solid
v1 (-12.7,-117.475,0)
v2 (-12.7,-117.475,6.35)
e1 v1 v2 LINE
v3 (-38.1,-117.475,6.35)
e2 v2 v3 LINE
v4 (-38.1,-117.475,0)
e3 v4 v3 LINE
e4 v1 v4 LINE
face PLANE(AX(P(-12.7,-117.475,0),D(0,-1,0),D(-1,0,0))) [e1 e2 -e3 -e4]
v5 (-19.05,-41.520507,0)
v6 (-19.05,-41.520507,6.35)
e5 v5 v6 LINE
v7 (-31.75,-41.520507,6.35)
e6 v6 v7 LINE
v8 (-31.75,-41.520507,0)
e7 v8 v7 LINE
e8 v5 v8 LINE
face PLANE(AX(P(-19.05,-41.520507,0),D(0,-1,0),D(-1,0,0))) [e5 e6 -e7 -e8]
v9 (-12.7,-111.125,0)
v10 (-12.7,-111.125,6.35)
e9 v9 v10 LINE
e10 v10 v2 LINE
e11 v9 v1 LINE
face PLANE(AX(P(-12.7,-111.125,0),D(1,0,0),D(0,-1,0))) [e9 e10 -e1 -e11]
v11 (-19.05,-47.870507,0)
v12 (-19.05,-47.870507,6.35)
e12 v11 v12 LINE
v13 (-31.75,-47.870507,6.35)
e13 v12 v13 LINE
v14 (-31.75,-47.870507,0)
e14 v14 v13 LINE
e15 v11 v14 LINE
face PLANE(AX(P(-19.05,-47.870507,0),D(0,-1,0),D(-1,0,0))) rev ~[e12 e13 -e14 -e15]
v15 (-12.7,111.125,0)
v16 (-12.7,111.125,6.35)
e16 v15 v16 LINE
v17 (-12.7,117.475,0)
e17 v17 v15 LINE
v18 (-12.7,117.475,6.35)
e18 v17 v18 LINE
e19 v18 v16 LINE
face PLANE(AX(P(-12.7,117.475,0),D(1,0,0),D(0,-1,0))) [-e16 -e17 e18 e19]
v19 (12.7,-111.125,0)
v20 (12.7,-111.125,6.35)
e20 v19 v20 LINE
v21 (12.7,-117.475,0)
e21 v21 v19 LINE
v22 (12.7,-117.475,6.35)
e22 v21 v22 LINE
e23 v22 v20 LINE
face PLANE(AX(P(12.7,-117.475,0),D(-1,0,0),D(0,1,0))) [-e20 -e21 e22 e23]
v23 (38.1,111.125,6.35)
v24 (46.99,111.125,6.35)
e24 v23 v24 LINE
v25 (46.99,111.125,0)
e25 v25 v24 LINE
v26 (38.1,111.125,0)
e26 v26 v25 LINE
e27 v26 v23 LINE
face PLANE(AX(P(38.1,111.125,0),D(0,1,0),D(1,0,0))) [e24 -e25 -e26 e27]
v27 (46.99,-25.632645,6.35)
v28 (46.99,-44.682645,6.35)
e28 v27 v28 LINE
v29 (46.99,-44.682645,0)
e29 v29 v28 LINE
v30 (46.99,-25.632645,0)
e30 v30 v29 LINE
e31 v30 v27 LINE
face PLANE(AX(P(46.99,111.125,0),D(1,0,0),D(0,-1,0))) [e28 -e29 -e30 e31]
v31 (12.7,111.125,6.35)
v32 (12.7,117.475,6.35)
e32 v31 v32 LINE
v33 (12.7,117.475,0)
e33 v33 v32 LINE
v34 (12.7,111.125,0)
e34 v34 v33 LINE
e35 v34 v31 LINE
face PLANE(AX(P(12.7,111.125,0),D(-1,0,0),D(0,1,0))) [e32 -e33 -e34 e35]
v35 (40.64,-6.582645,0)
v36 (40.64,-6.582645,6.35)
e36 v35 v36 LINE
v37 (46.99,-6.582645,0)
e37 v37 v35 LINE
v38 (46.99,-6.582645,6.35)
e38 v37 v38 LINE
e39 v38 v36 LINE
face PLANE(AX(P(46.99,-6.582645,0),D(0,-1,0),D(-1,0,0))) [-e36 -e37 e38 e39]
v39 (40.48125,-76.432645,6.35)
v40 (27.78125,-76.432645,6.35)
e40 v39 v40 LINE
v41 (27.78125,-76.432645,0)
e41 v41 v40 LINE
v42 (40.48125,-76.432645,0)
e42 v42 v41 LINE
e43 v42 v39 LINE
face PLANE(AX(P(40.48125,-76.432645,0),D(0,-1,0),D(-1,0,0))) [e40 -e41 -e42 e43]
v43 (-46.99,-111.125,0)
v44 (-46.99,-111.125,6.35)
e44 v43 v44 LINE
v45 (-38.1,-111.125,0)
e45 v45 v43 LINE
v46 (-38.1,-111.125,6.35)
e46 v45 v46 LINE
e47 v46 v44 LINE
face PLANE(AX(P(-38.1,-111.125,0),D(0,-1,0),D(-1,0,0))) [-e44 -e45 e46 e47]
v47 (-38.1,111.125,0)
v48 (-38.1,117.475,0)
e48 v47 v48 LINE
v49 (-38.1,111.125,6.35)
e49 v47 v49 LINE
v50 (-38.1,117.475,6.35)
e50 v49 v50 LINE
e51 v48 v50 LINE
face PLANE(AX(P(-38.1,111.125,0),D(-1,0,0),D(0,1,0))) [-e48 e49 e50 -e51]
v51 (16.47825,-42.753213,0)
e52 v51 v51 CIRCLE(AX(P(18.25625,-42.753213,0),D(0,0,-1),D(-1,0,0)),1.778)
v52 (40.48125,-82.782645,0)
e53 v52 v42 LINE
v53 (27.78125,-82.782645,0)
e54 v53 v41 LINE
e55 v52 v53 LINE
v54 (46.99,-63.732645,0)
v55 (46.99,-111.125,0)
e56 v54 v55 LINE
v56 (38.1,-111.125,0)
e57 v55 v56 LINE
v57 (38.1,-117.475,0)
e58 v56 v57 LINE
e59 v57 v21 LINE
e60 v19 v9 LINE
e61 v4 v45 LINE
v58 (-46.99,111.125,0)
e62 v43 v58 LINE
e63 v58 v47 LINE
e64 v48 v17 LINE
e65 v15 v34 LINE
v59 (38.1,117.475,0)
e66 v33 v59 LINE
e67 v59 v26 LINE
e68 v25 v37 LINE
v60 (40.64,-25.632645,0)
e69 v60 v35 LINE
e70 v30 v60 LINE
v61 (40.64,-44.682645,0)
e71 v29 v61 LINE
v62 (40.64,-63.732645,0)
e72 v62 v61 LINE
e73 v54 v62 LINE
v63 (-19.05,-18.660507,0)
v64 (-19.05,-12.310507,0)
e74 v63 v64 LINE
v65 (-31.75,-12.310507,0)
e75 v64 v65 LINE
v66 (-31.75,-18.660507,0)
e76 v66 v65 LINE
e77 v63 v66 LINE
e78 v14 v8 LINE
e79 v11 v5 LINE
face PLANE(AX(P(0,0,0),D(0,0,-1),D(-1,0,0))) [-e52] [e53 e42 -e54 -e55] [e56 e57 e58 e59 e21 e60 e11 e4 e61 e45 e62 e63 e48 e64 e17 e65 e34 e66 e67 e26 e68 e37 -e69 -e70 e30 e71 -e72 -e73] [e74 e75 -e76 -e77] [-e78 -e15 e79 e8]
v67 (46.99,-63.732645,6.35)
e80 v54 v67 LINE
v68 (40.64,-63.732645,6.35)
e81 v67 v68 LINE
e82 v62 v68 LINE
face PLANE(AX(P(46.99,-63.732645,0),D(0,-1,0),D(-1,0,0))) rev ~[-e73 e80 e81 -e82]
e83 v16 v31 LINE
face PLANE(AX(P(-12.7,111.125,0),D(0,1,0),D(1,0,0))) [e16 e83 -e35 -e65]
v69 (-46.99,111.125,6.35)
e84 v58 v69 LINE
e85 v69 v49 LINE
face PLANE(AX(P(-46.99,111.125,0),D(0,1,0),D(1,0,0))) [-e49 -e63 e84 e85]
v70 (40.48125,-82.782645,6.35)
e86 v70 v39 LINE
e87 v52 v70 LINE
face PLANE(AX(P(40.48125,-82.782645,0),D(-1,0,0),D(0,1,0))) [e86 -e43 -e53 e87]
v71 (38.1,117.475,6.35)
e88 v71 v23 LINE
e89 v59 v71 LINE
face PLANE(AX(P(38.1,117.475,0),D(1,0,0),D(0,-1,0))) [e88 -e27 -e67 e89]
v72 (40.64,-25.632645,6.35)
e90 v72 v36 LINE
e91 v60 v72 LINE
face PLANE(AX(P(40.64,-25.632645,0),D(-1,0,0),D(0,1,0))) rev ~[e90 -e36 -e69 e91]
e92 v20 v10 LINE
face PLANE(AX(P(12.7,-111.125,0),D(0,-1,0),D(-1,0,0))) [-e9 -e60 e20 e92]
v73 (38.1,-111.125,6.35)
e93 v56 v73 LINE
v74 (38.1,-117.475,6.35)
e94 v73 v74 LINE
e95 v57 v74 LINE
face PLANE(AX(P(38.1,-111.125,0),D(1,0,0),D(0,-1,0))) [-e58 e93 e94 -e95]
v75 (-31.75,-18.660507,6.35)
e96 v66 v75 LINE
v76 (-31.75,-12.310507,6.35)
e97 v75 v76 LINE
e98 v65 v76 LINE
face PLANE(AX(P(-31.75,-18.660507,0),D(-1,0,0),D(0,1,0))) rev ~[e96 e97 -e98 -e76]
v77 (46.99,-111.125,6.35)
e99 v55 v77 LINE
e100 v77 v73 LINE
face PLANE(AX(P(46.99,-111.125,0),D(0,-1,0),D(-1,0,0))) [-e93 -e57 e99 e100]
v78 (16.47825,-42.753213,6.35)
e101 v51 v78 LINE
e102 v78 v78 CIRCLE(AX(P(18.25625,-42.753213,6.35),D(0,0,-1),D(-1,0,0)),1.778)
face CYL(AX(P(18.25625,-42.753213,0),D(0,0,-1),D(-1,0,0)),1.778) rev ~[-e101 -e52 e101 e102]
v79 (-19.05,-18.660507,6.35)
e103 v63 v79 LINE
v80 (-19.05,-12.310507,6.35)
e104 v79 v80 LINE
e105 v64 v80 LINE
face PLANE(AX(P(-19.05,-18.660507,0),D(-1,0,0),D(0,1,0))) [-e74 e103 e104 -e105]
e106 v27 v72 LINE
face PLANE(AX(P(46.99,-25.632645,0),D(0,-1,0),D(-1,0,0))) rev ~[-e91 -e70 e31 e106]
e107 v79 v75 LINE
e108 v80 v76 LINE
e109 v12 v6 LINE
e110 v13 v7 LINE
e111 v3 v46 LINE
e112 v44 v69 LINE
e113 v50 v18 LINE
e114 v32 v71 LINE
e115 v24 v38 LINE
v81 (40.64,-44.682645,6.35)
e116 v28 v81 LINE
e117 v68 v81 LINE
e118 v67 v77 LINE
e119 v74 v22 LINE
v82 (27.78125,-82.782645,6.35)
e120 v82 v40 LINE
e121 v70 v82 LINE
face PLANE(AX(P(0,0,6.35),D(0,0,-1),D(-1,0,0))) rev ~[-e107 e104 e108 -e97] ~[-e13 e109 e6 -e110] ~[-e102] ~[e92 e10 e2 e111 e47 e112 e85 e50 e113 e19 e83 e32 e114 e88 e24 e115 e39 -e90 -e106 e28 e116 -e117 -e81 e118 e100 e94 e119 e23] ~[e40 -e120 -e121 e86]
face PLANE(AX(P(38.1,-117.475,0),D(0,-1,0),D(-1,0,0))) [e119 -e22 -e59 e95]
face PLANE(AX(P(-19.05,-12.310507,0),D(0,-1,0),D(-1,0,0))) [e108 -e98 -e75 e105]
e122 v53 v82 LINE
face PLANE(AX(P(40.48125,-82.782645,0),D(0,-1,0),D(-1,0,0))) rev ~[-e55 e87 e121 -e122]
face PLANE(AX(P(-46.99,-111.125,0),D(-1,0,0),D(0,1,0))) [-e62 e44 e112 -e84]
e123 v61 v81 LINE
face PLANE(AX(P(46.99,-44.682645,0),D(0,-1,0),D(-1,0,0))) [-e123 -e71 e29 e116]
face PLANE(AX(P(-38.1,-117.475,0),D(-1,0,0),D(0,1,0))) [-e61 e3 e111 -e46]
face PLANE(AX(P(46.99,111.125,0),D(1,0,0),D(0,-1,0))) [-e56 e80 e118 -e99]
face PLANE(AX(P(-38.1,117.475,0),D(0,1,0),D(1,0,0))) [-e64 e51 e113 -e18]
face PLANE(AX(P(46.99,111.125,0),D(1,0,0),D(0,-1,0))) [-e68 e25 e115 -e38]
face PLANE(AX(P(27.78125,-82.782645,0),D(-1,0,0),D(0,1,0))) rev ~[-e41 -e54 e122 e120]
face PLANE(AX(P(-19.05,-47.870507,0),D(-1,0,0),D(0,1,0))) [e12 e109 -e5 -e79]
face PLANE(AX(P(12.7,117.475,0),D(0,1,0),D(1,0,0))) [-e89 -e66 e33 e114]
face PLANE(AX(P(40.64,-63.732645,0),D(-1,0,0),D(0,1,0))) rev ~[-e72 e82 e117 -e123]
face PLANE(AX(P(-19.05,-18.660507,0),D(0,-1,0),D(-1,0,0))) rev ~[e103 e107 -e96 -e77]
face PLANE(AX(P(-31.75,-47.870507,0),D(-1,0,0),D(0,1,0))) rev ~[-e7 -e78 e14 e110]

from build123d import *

# Parameters (mm, degrees)
BOSS_EXTRUDE1_DEPTH = 6.35
SKETCH2_W           = 6.35
SKETCH2_H           = 19.05
SKETCH2_W_2         = 12.7
SKETCH2_H_2         = 6.35
SKETCH2_R           = 1.778
CUT_EXTRUDE1_DEPTH  = 127.683693603


with BuildPart() as part:
    # Sketch1 → Boss-Extrude1 (new body)
    with BuildSketch(Plane.XY):
        Polygon((-46.99, 111.125), (-38.1, 111.125), (-38.1, 117.475), (-12.7, 117.475), (-12.7, 111.125), (12.7, 111.125), (12.7, 117.475), (38.1, 117.475), (38.1, 111.125), (46.99, 111.125), (46.99, -111.125), (38.1, -111.125), (38.1, -117.475), (12.7, -117.475), (12.7, -111.125), (-12.7, -111.125), (-12.7, -117.475), (-38.1, -117.475), (-38.1, -111.125), (-46.99, -111.125), align=None)
    extrude(amount=BOSS_EXTRUDE1_DEPTH)

    # Sketch2 → Cut-Extrude1 (cut, through all)
    with BuildSketch(Plane(origin=(0, 0, 0), x_dir=(-1, 0, 0), z_dir=(0, 0, -1))):
        with Locations((-43.815, -54.2076454)):
            Rectangle(SKETCH2_W, SKETCH2_H)
        with Locations((-43.815, -16.1076454)):
            Rectangle(SKETCH2_W, SKETCH2_H)
        with Locations((-34.13125, -79.6076454)):
            Rectangle(SKETCH2_W_2, SKETCH2_H_2)
        with Locations((25.4, -15.485506714)):
            Rectangle(SKETCH2_W_2, SKETCH2_H_2)
        with Locations((25.4, -44.695506714)):
            Rectangle(SKETCH2_W_2, SKETCH2_H_2)
        with Locations((-18.25625, -42.753213284)):
            Circle(SKETCH2_R)
    extrude(amount=-CUT_EXTRUDE1_DEPTH, mode=Mode.SUBTRACT)


solid = part.part
